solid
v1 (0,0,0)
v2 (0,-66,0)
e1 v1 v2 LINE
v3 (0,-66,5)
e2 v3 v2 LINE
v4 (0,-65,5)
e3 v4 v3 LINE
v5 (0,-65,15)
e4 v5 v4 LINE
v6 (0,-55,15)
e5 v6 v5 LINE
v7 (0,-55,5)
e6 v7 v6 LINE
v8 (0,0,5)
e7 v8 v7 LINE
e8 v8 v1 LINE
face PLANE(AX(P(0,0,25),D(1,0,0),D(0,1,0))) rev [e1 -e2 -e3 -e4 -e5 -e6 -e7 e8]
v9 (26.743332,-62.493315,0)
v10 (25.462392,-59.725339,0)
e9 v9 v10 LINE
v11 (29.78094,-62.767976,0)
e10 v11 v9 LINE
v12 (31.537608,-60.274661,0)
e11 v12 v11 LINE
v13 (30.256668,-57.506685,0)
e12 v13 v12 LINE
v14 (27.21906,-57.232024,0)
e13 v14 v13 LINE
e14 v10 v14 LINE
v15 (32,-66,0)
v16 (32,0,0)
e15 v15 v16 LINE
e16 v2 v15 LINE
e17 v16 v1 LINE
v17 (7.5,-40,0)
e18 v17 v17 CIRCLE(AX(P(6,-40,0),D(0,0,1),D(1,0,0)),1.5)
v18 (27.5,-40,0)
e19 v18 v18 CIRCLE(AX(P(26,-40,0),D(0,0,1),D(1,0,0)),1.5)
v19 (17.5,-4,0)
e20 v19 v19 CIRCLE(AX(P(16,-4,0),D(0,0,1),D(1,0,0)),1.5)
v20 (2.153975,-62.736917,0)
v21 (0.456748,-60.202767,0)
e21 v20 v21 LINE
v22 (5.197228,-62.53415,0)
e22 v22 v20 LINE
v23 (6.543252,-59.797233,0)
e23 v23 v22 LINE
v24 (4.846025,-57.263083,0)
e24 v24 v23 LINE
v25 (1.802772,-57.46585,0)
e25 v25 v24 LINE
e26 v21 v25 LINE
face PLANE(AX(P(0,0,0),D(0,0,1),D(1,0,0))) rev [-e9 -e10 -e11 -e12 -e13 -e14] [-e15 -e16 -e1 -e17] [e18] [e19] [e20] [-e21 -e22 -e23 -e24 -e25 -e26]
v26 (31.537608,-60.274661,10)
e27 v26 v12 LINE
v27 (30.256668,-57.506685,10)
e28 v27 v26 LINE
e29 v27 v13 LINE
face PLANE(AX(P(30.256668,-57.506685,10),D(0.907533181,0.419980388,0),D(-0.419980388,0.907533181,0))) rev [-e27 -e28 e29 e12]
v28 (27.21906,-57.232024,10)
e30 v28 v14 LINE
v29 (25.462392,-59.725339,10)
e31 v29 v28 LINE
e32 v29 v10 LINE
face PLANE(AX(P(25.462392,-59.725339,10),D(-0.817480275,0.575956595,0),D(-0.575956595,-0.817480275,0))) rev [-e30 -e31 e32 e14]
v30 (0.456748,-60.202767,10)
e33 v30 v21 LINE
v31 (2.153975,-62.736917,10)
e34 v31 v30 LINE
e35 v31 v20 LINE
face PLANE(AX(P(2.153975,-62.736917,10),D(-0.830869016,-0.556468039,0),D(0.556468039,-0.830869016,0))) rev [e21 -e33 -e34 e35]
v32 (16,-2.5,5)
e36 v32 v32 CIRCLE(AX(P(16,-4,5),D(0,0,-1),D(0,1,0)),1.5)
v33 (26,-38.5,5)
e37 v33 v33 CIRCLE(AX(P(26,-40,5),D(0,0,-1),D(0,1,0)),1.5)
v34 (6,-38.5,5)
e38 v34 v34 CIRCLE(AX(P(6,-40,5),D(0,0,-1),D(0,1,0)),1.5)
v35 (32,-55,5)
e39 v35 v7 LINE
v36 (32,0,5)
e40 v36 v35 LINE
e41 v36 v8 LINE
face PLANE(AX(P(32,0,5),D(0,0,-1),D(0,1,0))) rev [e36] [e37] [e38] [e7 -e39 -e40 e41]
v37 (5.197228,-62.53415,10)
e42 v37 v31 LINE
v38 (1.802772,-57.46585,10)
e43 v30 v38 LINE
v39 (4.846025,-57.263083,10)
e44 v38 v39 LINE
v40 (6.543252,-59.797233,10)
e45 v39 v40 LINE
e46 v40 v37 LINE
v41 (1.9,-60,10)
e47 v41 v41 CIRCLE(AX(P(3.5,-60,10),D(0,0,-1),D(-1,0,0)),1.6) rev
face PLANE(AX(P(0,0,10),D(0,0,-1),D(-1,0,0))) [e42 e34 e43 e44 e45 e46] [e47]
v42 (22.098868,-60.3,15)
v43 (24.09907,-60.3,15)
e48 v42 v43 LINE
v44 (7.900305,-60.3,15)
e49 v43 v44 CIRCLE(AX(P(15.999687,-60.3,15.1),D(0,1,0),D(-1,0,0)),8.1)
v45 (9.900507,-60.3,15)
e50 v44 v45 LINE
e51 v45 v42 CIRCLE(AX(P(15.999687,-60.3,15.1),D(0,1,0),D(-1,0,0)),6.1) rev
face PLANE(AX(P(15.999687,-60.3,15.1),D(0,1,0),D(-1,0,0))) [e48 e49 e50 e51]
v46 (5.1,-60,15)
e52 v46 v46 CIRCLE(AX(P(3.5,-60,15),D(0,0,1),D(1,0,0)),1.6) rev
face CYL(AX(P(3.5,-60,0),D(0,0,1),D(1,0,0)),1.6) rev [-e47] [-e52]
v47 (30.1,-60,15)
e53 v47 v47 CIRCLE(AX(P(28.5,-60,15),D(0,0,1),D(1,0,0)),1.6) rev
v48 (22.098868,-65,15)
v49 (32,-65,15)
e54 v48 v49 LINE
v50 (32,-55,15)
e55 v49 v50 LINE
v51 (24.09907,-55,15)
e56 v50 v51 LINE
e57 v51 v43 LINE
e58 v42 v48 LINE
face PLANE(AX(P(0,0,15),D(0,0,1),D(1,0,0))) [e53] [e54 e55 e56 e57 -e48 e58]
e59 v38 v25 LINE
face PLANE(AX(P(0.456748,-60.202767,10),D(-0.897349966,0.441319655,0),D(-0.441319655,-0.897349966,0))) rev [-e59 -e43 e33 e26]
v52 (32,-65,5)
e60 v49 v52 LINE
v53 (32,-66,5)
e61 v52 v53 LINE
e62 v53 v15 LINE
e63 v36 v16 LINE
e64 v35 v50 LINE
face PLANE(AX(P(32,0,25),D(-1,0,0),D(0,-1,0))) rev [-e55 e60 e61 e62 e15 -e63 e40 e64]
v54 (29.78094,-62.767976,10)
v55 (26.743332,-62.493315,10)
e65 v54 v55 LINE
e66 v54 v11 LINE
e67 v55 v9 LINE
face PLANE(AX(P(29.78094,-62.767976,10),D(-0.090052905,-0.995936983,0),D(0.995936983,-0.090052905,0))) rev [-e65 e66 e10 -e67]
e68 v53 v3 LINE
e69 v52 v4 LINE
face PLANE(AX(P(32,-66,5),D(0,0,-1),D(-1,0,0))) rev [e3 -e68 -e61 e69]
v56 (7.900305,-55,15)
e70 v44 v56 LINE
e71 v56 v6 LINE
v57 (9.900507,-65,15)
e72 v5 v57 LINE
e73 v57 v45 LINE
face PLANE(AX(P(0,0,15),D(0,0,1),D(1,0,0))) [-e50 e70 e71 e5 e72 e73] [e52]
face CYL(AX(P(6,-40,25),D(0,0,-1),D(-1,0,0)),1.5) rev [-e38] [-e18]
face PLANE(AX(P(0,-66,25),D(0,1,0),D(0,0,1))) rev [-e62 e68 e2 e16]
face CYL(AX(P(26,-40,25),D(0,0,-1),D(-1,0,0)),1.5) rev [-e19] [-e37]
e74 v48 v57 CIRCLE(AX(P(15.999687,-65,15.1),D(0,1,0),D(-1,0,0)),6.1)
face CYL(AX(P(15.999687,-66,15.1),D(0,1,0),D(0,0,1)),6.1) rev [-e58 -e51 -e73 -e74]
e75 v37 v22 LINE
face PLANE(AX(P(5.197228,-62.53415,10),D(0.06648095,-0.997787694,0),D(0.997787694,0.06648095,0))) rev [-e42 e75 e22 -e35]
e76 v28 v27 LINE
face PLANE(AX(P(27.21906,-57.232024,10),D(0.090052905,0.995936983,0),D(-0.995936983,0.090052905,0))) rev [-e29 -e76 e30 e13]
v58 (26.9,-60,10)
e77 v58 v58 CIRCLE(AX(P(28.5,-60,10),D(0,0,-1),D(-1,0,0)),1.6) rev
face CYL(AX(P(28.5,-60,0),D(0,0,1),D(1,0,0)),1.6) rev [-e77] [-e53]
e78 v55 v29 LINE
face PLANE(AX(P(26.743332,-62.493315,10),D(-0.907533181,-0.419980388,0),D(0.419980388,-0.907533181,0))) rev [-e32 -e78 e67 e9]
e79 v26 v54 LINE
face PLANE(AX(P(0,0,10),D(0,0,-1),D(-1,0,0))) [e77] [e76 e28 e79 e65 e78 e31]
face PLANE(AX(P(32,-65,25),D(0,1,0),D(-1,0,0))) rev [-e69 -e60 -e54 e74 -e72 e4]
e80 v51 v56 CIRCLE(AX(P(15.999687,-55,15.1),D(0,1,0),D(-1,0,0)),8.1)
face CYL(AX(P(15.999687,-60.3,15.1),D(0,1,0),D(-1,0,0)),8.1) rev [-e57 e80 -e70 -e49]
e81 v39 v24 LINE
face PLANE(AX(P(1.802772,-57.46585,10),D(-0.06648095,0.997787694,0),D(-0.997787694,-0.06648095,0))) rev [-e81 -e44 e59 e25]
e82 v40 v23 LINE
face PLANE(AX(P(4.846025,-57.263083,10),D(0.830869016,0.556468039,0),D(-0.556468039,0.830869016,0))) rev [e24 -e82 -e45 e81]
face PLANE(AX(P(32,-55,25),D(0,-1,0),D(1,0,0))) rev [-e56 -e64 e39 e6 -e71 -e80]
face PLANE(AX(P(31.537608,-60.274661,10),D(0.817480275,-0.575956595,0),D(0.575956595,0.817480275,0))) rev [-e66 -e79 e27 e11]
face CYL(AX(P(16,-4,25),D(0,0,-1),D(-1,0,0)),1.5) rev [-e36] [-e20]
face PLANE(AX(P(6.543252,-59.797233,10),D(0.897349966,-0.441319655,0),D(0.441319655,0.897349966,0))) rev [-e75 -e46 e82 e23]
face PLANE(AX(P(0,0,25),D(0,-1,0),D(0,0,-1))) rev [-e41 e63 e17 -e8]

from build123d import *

# Parameters (mm, degrees)
SKETCH1_W           = 32
SKETCH1_H           = 66
SKETCH1_R           = 1.5
BOSS_EXTRUDE1_DEPTH = 25
SKETCH3_W           = 20
SKETCH3_H           = 55
SKETCH3_H_2         = 1
CUT_EXTRUDE1_DEPTH  = 33
SKETCH4_R           = 6.1
CUT_EXTRUDE6_DEPTH  = 12
SKETCH5_R           = 8.1
CUT_EXTRUDE7_DEPTH  = 5.3
SKETCH7_R           = 1.6
CUT_EXTRUDE8_DEPTH  = 26
CUT_EXTRUDE9_DEPTH  = 10
SKETCH10_W          = 32
SKETCH10_H          = 10
CUT_EXTRUDE10_DEPTH = 10


with BuildPart() as part:
    # Sketch1 → Boss-Extrude1 (new body)
    with BuildSketch(Plane.XY):
        with Locations((16, -33)):
            Rectangle(SKETCH1_W, SKETCH1_H)
        with Locations((16, -4)):
            Circle(SKETCH1_R, mode=Mode.SUBTRACT)
        with Locations((6, -40)):
            Circle(SKETCH1_R, mode=Mode.SUBTRACT)
        with Locations((26, -40)):
            Circle(SKETCH1_R, mode=Mode.SUBTRACT)
    extrude(amount=BOSS_EXTRUDE1_DEPTH)

    # Sketch3 → Cut-Extrude1 (cut, through all)
    with BuildSketch(Plane.ZY):
        with Locations((15, -27.5)):
            Rectangle(SKETCH3_W, SKETCH3_H)
        with Locations((15, -65.5)):
            Rectangle(SKETCH3_W, SKETCH3_H_2)
    extrude(amount=-CUT_EXTRUDE1_DEPTH, mode=Mode.SUBTRACT)

    # Sketch4 → Cut-Extrude6 (cut, through all)
    with BuildSketch(Plane(origin=(0, -55, 0), x_dir=(1, 0, 0), z_dir=(0, 1, 0))):
        with Locations((15.999687497, -15.1)):
            Circle(SKETCH4_R)
    extrude(amount=-CUT_EXTRUDE6_DEPTH, mode=Mode.SUBTRACT)

    # Sketch5 → Cut-Extrude7 (cut)
    with BuildSketch(Plane(origin=(0, -55, 0), x_dir=(1, 0, 0), z_dir=(0, 1, 0))):
        with Locations((15.999687497, -15.1)):
            Circle(SKETCH5_R)
    extrude(amount=-CUT_EXTRUDE7_DEPTH, mode=Mode.SUBTRACT)

    # Sketch7 → Cut-Extrude8 (cut, through all)
    with BuildSketch(Plane.XY.offset(25)):
        with Locations((3.5, -60)):
            Circle(SKETCH7_R)
        with Locations((28.5, -60)):
            Circle(SKETCH7_R)
    extrude(amount=-CUT_EXTRUDE8_DEPTH, mode=Mode.SUBTRACT)

    # Sketch9 → Cut-Extrude9 (cut)
    with BuildSketch(Plane(origin=(0, 0, 0), x_dir=(-1, 0, 0), z_dir=(0, 0, -1))):
        Polygon((-27.219059817, -57.232023799), (-30.256667615, -57.50668516), (-31.537607798, -60.274661361), (-29.780940183, -62.767976201), (-26.743332385, -62.49331484), (-25.462392202, -59.725338639), align=None)
        Polygon((-4.846024949, -57.263082603), (-6.543252468, -59.797233102), (-5.197227519, -62.534150498), (-2.153975051, -62.736917397), (-0.456747532, -60.202766898), (-1.802772481, -57.465849502), align=None)
    extrude(amount=-CUT_EXTRUDE9_DEPTH, mode=Mode.SUBTRACT)

    # Sketch10 → Cut-Extrude10 (cut)
    with BuildSketch(Plane.XY.offset(25)):
        with Locations((16, -60)):
            Rectangle(SKETCH10_W, SKETCH10_H)
    extrude(amount=-CUT_EXTRUDE10_DEPTH, mode=Mode.SUBTRACT)


solid = part.part
